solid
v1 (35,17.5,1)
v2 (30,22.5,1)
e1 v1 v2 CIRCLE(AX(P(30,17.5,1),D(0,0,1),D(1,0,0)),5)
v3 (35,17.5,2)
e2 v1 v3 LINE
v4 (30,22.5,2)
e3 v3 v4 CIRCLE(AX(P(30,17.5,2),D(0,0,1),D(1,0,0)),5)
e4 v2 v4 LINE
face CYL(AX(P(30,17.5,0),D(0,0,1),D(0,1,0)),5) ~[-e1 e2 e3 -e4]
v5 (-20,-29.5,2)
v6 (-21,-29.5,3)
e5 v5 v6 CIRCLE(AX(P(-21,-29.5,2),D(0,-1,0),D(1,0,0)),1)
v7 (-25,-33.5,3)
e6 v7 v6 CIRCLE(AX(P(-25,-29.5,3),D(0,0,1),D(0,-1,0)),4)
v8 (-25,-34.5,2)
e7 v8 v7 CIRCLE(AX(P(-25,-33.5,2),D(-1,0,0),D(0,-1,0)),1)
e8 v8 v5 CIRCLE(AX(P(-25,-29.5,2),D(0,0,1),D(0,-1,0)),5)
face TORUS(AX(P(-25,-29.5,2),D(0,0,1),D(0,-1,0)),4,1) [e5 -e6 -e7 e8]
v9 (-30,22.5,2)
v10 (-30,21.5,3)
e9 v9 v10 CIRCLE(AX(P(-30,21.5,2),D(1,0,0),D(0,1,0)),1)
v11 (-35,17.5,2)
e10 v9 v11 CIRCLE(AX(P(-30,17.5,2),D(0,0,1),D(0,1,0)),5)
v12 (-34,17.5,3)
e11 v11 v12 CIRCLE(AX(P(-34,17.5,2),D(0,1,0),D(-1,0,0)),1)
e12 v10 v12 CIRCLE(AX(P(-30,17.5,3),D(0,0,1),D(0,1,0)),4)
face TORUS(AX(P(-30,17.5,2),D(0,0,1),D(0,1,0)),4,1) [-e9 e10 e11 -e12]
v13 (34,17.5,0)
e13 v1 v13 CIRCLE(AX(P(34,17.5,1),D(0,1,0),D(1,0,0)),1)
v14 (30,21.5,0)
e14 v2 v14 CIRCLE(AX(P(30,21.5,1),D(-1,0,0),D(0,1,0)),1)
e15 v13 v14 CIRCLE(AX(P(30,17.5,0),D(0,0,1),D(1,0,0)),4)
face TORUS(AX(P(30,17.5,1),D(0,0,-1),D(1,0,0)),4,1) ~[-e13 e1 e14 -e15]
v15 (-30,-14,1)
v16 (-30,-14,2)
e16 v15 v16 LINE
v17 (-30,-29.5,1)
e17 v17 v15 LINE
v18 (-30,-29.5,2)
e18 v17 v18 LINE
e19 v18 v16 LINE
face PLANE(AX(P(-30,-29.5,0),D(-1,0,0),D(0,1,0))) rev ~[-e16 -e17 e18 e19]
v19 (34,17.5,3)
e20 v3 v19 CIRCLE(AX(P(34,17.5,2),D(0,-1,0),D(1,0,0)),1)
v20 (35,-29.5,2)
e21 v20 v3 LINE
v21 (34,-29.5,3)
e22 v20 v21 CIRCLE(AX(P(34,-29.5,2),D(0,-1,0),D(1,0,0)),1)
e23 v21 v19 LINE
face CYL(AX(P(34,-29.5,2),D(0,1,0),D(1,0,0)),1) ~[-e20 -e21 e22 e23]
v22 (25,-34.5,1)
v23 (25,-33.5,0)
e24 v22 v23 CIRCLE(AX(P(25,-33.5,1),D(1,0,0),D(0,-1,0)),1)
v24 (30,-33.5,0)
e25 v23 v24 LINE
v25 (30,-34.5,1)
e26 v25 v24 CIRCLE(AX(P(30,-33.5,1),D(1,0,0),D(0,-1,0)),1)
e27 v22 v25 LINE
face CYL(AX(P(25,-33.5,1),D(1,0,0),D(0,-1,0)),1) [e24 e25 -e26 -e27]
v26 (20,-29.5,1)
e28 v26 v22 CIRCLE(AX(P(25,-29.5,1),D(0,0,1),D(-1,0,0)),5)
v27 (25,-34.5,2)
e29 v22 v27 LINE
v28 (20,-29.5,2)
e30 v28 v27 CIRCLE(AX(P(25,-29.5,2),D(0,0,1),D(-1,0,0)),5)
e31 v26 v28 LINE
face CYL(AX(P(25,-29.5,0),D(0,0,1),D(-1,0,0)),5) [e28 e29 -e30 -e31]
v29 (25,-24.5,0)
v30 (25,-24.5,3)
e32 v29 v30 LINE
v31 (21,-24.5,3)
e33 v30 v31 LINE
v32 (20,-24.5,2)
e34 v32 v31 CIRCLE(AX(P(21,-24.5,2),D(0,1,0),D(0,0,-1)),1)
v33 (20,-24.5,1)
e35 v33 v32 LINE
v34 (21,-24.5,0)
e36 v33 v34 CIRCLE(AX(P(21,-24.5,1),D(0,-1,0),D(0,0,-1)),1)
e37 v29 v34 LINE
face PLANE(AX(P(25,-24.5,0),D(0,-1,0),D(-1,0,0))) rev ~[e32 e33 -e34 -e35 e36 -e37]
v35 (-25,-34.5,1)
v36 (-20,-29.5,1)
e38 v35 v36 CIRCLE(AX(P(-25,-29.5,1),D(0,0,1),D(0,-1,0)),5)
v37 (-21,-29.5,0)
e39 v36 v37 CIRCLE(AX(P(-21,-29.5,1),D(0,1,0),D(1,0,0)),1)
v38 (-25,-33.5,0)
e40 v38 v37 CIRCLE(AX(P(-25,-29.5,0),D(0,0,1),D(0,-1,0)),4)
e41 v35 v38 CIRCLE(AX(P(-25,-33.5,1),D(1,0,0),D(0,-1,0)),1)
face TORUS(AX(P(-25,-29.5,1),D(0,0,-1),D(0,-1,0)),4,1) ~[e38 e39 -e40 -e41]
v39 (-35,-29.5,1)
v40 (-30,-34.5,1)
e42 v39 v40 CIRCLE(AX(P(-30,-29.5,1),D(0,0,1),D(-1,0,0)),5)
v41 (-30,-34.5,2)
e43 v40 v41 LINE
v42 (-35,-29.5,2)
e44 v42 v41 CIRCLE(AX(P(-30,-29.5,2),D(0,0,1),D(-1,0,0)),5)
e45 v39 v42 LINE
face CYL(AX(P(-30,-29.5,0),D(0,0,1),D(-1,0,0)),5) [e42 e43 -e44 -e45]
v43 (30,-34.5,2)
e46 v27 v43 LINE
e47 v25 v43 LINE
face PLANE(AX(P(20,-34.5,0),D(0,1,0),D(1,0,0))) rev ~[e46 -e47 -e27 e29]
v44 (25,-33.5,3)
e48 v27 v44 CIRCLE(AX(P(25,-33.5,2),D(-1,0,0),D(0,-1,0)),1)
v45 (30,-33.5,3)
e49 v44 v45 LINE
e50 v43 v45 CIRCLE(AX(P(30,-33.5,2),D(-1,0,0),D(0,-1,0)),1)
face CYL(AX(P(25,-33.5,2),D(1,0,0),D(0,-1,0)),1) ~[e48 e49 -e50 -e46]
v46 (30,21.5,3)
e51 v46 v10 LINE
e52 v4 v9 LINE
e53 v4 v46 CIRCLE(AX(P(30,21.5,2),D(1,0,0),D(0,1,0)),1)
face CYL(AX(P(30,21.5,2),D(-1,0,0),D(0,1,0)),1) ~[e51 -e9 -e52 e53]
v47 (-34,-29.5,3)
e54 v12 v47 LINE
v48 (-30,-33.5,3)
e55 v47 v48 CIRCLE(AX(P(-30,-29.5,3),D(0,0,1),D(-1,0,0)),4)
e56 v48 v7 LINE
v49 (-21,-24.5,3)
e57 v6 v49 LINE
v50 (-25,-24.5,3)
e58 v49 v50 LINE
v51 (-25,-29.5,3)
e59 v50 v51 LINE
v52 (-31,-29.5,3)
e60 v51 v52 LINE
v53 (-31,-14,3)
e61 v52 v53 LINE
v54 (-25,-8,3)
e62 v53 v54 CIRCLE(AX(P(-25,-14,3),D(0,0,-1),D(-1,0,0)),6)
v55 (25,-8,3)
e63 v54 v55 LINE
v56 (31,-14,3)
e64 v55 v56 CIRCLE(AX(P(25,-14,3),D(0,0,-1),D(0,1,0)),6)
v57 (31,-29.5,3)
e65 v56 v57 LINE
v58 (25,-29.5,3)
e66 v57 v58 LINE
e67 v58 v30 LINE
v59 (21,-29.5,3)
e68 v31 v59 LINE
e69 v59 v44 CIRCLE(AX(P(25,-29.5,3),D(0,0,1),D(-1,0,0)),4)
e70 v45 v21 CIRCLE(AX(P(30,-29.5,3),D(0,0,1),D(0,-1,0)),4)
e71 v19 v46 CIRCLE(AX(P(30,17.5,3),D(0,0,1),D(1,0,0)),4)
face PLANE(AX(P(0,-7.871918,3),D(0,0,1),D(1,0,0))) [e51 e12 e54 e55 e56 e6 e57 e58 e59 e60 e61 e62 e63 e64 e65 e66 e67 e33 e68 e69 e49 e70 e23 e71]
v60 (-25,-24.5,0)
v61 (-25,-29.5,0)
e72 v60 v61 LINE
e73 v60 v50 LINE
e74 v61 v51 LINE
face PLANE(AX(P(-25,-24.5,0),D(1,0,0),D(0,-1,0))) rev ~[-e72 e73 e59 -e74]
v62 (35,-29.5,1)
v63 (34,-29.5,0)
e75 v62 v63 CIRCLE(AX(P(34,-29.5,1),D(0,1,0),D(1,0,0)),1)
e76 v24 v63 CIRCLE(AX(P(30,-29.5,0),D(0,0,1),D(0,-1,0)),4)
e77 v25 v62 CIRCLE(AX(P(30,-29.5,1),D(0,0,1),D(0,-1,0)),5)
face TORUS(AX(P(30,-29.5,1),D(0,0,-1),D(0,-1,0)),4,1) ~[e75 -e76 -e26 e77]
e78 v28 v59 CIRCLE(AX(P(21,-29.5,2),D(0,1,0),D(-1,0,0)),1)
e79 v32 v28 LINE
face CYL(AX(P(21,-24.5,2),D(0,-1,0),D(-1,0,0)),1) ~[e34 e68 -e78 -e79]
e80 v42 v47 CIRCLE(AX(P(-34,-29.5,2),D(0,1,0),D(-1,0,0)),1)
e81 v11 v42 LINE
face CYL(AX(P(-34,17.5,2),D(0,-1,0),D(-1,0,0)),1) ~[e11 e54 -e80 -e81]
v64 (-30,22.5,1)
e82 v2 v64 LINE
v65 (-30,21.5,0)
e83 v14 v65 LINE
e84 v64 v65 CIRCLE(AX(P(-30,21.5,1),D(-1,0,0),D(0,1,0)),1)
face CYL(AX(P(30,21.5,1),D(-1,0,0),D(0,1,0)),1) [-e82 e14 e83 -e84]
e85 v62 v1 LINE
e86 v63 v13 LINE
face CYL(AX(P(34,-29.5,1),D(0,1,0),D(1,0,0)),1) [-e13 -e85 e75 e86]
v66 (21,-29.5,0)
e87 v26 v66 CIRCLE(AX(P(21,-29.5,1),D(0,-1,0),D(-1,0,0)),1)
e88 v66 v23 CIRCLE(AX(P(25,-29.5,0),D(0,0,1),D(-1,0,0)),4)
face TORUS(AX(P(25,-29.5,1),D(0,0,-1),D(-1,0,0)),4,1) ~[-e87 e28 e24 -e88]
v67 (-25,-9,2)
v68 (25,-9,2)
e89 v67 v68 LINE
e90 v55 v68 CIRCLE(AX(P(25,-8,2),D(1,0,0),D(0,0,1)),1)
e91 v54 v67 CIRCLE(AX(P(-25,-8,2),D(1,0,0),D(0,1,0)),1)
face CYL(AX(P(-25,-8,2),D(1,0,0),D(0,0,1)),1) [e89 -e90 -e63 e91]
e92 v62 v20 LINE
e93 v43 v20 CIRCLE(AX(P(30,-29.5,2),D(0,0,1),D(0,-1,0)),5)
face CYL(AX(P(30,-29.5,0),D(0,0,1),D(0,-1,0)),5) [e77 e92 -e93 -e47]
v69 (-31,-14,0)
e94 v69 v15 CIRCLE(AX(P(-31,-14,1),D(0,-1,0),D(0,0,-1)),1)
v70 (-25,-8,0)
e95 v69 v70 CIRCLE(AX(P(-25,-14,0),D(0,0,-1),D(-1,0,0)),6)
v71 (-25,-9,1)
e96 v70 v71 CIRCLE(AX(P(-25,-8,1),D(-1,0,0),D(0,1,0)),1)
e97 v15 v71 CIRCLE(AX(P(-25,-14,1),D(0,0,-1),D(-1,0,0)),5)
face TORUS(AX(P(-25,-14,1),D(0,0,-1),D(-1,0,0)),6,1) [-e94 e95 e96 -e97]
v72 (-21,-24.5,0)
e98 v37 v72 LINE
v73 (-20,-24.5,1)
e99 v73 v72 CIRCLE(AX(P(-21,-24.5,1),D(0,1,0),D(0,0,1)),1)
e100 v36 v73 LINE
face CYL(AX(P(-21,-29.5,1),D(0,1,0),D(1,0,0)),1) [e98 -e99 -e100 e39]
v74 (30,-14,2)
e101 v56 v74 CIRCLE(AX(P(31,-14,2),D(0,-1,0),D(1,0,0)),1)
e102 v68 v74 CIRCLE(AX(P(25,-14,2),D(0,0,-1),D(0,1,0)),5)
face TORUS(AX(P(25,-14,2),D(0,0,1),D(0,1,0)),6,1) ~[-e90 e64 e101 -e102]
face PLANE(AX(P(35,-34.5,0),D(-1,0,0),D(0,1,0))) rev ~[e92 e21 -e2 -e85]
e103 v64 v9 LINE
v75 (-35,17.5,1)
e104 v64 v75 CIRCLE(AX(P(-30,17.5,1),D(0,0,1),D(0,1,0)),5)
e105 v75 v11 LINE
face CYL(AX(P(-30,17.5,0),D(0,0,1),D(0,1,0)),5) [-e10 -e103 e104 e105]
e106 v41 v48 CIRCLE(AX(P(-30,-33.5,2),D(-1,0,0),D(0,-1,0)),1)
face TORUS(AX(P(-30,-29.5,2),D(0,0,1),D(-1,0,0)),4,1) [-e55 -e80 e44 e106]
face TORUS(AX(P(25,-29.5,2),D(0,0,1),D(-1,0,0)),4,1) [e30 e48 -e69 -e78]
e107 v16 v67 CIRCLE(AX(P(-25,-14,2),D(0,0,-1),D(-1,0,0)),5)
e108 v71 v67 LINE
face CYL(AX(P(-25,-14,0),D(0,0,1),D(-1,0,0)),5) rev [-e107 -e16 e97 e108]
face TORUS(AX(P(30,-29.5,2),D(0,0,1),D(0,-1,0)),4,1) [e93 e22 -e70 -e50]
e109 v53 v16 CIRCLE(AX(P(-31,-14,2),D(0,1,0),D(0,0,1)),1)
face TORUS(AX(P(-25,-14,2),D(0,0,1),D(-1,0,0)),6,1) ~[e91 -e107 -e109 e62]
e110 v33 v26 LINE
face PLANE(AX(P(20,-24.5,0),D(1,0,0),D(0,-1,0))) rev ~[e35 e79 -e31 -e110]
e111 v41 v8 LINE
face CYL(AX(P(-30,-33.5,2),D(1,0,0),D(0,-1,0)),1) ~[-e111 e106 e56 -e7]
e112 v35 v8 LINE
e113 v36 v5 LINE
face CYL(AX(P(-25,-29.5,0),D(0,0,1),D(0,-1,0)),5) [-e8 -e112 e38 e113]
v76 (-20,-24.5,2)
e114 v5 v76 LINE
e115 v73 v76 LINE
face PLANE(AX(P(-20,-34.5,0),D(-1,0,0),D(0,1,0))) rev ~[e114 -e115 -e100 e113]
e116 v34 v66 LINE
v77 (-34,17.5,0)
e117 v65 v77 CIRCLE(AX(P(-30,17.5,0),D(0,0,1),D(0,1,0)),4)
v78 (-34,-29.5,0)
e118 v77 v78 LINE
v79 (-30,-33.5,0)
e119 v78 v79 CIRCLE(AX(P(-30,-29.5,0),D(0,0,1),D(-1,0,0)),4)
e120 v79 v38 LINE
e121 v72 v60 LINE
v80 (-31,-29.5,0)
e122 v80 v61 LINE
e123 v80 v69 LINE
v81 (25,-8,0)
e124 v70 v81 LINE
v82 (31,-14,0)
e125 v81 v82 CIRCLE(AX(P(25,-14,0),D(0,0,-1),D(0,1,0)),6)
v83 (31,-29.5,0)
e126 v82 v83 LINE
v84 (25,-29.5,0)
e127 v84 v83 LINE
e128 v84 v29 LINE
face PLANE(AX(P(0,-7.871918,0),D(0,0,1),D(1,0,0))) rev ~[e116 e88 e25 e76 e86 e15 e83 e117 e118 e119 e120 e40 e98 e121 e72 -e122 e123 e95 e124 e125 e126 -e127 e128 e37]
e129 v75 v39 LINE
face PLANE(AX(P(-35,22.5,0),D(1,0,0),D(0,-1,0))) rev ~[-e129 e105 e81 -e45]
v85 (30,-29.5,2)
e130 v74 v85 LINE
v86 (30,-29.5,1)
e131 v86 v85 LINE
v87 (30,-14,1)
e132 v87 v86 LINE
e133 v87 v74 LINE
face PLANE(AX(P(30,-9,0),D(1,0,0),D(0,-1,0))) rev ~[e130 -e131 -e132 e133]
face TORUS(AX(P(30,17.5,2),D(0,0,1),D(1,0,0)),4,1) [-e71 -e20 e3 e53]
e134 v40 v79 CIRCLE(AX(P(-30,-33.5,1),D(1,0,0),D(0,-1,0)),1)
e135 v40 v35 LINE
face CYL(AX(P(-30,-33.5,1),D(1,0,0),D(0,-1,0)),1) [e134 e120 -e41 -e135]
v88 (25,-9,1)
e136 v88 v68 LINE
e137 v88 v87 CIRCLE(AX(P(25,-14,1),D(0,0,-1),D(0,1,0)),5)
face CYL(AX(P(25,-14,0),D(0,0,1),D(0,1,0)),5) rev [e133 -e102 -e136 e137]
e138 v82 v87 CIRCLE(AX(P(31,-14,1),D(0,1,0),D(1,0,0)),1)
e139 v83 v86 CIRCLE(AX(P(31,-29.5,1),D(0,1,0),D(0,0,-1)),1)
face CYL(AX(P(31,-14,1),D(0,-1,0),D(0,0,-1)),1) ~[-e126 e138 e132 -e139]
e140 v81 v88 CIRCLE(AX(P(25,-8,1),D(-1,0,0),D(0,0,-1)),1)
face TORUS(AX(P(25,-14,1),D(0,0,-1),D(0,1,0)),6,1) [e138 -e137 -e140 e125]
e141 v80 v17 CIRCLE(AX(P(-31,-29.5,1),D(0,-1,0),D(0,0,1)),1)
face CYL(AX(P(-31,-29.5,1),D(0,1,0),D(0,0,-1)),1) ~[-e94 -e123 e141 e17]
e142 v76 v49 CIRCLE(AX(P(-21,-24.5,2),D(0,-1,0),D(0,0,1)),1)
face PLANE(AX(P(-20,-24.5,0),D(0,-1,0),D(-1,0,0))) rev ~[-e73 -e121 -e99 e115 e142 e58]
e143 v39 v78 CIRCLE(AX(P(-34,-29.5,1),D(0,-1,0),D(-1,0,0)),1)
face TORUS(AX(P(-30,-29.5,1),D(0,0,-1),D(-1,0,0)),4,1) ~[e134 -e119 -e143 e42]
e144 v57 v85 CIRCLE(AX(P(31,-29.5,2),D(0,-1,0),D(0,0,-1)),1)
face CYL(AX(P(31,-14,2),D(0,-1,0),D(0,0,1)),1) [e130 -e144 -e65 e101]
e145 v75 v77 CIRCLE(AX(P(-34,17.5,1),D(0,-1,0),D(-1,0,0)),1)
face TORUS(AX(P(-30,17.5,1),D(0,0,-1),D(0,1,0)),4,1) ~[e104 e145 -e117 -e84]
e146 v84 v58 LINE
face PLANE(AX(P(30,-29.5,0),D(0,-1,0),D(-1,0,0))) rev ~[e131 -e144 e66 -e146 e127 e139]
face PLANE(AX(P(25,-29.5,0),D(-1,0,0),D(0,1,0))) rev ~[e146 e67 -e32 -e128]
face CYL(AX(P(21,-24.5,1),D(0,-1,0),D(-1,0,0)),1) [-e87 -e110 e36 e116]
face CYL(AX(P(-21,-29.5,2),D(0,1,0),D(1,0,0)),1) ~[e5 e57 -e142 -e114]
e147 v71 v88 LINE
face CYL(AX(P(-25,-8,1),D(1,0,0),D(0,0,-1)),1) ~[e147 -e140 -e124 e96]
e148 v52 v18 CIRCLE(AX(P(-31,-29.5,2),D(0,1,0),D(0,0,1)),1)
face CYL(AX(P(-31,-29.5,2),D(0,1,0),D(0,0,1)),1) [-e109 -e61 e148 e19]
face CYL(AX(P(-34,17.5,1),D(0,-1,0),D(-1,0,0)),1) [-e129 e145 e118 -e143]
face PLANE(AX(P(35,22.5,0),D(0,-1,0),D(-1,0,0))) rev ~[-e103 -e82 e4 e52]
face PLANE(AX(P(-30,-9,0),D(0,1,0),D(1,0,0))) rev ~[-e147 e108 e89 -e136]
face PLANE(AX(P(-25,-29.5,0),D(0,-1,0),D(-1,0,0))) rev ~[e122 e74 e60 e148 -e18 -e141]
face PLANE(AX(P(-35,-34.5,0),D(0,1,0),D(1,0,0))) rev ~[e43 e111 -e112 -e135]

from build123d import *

# Parameters (mm, degrees)
F1_DEPTH = 3
F2_R     = 5
F3_R     = 1


with BuildPart() as f1:
    # F0 (on Top) → F1 (new body)
    with BuildSketch(Plane.XY):
        Polygon((35, -22.5), (35, 22.5), (-35, 22.5), (-35, -22.5), (-35, -34.5), (-20, -34.5), (-20, -24.5), (-25, -24.5), (-25, -29.5), (-30, -29.5), (-30, -9), (30, -9), (30, -29.5), (25, -29.5), (25, -24.5), (20, -24.5), (20, -34.5), (35, -34.5), align=None)
    extrude(amount=F1_DEPTH)

    # F2
    f2_edges = [f1.edges().sort_by_distance(p)[0] for p in [
        (-35, -34.5, 1.5),
        (-20, -34.5, 1.5),
        (-30, -9, 1.5),
        (35, -34.5, 1.5),
        (20, -34.5, 1.5),
        (35, 22.5, 1.5),
        (-35, 22.5, 1.5),
        (30, -9, 1.5),
    ]]
    fillet(f2_edges, radius=F2_R)

    # F3
    f3_edges = [f1.edges().sort_by_distance(p)[0] for p in [
        (0, 22.5, 3),
        (0, 22.5, 0),
        (0, -9, 3),
        (30, -21.75, 3),
        (0, -9, 0),
        (30, -21.75, 0),
    ]]
    fillet(f3_edges, radius=F3_R)


solid = f1.part
